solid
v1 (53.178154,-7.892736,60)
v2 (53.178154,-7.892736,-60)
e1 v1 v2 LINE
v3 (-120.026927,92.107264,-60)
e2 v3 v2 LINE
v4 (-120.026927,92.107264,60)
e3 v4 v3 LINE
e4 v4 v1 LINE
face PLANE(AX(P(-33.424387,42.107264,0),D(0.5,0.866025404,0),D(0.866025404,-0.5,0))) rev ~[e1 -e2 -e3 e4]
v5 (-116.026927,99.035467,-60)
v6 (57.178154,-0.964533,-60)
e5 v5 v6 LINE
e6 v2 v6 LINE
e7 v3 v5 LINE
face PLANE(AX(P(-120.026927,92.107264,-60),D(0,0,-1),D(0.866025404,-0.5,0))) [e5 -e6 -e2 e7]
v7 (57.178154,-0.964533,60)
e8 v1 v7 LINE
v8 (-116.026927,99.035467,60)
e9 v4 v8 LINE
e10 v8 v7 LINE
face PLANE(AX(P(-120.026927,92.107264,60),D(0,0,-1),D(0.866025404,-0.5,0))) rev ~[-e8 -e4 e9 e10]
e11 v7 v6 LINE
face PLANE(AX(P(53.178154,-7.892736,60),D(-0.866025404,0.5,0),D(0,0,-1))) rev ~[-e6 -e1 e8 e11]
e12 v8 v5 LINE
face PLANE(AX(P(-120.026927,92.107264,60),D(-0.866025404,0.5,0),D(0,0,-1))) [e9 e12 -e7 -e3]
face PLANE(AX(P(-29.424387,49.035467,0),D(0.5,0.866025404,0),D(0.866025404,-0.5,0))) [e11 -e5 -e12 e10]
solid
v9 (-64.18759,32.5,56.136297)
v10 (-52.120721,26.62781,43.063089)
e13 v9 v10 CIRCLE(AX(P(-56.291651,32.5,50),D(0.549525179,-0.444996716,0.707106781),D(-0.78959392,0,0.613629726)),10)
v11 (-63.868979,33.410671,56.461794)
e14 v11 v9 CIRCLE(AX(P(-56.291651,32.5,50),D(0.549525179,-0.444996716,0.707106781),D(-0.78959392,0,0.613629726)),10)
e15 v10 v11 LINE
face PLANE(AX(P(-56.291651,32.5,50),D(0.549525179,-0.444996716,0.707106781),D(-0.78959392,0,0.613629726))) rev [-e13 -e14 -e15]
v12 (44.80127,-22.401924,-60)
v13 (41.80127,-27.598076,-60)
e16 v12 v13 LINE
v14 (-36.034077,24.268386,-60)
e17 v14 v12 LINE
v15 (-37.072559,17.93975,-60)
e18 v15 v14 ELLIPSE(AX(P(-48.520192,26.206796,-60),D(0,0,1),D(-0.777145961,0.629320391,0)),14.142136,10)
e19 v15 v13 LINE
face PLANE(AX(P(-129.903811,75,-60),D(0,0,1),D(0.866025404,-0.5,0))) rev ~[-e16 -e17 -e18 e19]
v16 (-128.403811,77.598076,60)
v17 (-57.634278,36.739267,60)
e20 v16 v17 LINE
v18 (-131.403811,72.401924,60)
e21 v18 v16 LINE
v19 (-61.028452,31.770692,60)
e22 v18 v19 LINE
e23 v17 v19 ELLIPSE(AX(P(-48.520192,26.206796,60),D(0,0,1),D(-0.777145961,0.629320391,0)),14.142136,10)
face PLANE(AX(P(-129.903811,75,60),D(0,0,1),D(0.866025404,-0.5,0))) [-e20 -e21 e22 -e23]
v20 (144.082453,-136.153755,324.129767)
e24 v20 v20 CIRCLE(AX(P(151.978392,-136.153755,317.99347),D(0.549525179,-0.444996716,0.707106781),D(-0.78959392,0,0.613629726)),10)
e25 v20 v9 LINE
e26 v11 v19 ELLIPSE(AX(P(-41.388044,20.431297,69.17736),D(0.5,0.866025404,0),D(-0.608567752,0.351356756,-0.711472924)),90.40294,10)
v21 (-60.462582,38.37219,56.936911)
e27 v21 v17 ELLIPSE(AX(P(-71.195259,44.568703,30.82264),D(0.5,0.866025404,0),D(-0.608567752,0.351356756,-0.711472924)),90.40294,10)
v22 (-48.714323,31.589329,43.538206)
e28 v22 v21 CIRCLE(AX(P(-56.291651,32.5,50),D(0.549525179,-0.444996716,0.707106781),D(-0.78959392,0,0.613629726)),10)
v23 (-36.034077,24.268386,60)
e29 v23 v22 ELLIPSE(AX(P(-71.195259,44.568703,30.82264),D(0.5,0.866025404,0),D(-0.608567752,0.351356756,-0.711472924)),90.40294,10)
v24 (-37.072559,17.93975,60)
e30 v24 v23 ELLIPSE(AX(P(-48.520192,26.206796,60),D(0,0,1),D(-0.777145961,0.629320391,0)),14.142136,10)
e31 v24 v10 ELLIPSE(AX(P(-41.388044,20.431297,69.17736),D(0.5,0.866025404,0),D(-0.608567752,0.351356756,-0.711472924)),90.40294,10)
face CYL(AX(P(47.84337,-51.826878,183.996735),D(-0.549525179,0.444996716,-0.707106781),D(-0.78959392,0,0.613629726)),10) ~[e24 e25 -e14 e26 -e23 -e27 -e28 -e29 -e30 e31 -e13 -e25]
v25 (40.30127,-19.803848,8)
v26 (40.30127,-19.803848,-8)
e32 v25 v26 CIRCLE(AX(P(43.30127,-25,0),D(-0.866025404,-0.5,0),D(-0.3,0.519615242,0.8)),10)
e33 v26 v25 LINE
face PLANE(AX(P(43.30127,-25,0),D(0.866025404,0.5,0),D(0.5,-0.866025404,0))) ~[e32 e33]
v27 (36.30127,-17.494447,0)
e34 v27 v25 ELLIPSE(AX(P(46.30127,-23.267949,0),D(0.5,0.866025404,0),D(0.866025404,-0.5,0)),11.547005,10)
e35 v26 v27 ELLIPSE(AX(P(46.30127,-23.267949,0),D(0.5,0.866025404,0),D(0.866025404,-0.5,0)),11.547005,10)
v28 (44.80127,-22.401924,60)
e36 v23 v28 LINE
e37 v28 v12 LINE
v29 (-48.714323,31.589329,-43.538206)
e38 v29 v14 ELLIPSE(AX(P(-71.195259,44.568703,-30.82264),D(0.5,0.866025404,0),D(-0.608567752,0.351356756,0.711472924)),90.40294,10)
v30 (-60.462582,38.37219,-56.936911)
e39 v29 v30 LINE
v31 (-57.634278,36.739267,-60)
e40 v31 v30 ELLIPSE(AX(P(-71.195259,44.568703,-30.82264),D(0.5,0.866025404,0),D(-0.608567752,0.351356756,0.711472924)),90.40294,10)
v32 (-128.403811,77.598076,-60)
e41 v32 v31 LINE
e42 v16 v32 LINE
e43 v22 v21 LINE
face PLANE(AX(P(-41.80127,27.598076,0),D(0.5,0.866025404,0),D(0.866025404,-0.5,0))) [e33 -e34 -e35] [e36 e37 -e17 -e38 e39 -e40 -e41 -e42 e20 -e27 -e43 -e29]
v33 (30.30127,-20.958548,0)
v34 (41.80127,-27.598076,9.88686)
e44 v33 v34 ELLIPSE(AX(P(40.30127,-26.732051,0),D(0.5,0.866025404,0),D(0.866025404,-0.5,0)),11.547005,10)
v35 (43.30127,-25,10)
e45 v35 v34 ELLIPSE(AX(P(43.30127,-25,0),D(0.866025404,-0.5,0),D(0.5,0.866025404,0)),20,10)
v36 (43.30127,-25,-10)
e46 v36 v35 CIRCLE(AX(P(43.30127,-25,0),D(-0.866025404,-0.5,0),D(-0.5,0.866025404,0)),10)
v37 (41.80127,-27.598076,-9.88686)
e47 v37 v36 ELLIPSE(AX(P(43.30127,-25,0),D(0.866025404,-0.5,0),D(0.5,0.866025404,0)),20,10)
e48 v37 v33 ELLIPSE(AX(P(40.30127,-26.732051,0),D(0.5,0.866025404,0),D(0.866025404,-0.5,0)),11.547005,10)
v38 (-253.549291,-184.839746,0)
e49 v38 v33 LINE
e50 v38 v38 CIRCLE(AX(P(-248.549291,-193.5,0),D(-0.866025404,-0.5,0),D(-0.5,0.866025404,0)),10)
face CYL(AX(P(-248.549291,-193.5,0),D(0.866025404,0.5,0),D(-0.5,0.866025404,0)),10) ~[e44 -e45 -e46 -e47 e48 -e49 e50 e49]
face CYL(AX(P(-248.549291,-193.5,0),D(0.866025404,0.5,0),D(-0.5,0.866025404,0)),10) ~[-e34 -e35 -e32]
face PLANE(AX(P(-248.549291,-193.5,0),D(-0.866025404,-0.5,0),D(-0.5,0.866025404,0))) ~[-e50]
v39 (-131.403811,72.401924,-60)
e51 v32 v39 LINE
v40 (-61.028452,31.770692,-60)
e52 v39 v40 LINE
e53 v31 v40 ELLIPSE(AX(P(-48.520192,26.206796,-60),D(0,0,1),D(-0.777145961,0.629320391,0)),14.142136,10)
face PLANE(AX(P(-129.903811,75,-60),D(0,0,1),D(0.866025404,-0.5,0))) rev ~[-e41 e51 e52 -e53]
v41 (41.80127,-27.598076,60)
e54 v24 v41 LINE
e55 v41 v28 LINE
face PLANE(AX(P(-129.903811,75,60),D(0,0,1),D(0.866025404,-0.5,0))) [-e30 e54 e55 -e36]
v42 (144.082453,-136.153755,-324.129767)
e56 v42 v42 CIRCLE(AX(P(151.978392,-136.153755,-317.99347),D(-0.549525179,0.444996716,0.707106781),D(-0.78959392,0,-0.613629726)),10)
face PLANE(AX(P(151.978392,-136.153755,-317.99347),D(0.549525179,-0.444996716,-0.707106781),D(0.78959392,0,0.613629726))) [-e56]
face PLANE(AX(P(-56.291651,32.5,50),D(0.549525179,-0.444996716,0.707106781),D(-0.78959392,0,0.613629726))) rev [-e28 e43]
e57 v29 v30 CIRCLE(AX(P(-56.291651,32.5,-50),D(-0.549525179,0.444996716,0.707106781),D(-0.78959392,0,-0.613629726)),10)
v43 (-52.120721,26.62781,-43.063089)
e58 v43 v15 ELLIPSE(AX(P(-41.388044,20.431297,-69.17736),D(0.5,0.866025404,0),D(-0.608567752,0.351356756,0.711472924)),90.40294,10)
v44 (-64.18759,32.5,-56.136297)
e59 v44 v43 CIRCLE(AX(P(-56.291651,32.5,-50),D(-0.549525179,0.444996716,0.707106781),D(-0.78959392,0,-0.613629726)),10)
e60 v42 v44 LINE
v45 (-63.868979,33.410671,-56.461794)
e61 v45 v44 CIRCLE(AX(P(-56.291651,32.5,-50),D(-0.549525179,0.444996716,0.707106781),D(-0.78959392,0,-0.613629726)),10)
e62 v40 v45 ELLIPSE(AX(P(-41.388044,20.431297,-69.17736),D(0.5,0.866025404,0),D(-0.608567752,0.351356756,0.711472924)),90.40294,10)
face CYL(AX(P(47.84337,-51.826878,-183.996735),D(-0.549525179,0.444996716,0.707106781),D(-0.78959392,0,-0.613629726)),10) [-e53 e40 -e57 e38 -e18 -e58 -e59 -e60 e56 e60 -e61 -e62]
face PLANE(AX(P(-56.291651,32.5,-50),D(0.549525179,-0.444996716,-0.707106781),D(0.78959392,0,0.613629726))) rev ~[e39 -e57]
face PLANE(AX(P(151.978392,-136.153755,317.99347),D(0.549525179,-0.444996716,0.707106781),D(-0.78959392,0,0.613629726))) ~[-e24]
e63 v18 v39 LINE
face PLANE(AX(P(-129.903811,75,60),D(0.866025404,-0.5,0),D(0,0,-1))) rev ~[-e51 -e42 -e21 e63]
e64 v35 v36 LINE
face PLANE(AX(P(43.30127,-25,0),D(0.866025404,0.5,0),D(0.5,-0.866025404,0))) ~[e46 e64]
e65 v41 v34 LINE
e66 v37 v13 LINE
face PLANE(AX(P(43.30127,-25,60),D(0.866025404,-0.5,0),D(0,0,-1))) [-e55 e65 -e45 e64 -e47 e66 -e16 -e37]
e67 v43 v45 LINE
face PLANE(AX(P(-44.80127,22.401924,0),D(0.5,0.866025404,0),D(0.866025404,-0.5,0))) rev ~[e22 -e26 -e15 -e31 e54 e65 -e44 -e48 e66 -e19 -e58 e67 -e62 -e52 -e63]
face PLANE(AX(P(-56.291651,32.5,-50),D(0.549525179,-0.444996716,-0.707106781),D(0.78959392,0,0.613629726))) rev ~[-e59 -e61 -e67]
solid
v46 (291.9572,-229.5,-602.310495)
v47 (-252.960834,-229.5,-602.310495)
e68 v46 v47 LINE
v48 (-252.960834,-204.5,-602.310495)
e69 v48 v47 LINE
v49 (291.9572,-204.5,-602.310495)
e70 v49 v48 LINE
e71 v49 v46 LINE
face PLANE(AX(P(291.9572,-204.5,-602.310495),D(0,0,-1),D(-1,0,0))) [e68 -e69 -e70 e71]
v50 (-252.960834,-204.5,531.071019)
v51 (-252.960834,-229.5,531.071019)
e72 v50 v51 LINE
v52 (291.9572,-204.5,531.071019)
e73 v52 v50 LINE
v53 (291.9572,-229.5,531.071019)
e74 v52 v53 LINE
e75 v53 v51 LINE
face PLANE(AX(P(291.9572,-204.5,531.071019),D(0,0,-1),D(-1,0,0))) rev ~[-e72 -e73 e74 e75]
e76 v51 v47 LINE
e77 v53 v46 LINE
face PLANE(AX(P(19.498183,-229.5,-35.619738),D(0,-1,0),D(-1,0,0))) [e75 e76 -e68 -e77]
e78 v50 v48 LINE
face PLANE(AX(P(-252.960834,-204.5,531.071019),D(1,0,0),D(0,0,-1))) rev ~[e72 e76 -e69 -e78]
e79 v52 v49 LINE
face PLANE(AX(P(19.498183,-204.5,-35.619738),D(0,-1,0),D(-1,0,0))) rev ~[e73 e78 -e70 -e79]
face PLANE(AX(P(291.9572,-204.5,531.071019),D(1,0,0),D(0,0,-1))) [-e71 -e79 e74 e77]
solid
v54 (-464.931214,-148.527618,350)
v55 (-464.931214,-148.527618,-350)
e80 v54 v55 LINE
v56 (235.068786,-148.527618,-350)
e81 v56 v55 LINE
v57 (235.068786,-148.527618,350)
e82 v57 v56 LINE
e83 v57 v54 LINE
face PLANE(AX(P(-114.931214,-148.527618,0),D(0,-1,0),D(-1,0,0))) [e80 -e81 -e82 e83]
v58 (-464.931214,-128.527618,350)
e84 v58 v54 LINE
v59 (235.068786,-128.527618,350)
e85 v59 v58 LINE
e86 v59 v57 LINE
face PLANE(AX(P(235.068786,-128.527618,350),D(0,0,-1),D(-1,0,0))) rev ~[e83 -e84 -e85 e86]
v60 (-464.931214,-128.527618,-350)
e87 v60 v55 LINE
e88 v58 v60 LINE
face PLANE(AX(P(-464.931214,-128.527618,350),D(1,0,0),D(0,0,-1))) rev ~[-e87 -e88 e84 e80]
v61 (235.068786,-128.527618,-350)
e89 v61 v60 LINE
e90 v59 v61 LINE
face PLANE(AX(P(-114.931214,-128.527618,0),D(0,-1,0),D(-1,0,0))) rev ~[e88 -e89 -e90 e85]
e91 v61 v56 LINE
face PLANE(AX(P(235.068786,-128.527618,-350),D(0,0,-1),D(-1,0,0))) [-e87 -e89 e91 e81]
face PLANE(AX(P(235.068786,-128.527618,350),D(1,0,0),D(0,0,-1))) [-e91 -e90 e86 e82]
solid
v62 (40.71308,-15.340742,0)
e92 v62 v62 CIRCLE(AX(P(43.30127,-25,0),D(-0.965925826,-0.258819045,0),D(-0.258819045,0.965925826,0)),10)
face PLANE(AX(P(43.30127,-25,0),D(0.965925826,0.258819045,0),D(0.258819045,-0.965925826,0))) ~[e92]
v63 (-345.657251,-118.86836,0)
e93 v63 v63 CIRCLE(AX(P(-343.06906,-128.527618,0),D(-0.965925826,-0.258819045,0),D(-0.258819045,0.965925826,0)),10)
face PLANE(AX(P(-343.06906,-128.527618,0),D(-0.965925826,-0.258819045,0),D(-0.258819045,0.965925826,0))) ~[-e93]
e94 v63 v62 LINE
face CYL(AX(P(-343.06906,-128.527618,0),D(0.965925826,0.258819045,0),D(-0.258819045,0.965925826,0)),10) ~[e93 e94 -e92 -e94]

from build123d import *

# Parameters (mm, degrees)
SCHIZZO3_W                   = 200
SCHIZZO3_H                   = 120
ESTRUSIONE_ESTRUSIONE1_DEPTH = 3
SCHIZZO5_W                   = 700
SCHIZZO5_H                   = 700
ESTRUSIONE_ESTRUSIONE2_DEPTH = 20
SCHIZZO8_W                   = 379
SCHIZZO8_H                   = 10
SCHIZZO22_W                  = 544.918033461
SCHIZZO22_H                  = 1133.381514453
ESTRUSIONE_ESTRUSIONE3_DEPTH = 25
SCHIZZO24_W                  = 200
SCHIZZO24_H                  = 120
ESTRUSIONE_ESTRUSIONE4_DEPTH = 8


with BuildPart() as part:
    # Schizzo3 → Estrusione-Estrusione1 (new, symmetric)
    with BuildSketch(Plane(origin=(0, 0, 0), x_dir=(0.8660254037844421, -0.4999999999999939, 0), z_dir=(0.499999999999994, 0.8660254037844423, 0))):
        with Locations((-50, 0)):
            Rectangle(SCHIZZO3_W, SCHIZZO3_H)
    extrude(amount=ESTRUSIONE_ESTRUSIONE1_DEPTH, both=True)

    # Schizzo8 → Rivoluzione5 (revolve)
    with BuildSketch(Plane(origin=(4.874204469, -17.031133335, -14.506007809), x_dir=(-0.5495251793179629, 0.4449967160503128, -0.7071067811865462), z_dir=(-0.6293203910498404, -0.7771459614569687, 0)), mode=Mode.PRIVATE) as rivoluzione5_sk:
        with Locations((-179.459266043, -96.266005055)):
            Rectangle(SCHIZZO8_W, SCHIZZO8_H)
    rivoluzione5 = revolve(rivoluzione5_sk.sketch.rotate(Axis((-56.291651246, 32.5, 50), (0.5495251793179627, -0.44499671605031277, 0.7071067811865462)), 209.795615497), axis=Axis((-56.291651246, 32.5, 50), (0.5495251793179627, -0.44499671605031277, 0.7071067811865462)))

    # Specchia1: Rivoluzione5 across plane
    add(rivoluzione5.mirror(Plane.XY))

    # Schizzo17 → Rivoluzione4 (revolve)
    with BuildSketch(Plane.XY, mode=Mode.PRIVATE) as rivoluzione4_sk:
        Polygon((43.301270189, -25), (-248.549290886, -193.5), (-243.549290886, -202.160254038), (48.301270189, -33.660254038), align=None)
    revolve(rivoluzione4_sk.sketch.rotate(Axis((43.301270189, -25, 0), (-0.8660254037844356, -0.5000000000000054, 0)), 180), axis=Axis((43.301270189, -25, 0), (-0.8660254037844356, -0.5000000000000054, 0)))


with BuildPart() as body_2:
    # Schizzo5 → Estrusione-Estrusione2 (new body)
    with BuildSketch(Plane(origin=(0, -128.527618041, 0), x_dir=(-1, 0, 0), z_dir=(0, -1, 0))):
        with Locations((114.931214363, 0)):
            Rectangle(SCHIZZO5_W, SCHIZZO5_H)
    extrude(amount=ESTRUSIONE_ESTRUSIONE2_DEPTH)


with BuildPart() as body_3:
    # Schizzo1 → Rivoluzione1 (revolve)
    with BuildSketch(Plane.XY, mode=Mode.PRIVATE) as rivoluzione1_sk:
        Polygon((43.301270189, -25), (-343.069060326, -128.527618041), (-340.480869875, -138.186876304), (45.88946064, -34.659258263), align=None)
    revolve(rivoluzione1_sk.sketch.rotate(Axis((43.301270189, -25, 0), (-0.9659258262890681, -0.2588190451025217, 0)), 180), axis=Axis((43.301270189, -25, 0), (-0.9659258262890681, -0.2588190451025217, 0)))


with BuildPart() as body_4:
    # Schizzo22 → Estrusione-Estrusione3 (new body)
    with BuildSketch(Plane(origin=(0, -204.5, 0), x_dir=(-1, 0, 0), z_dir=(0, -1, 0))):
        with Locations((-19.498183113, 35.619737897)):
            Rectangle(SCHIZZO22_W, SCHIZZO22_H)
    extrude(amount=ESTRUSIONE_ESTRUSIONE3_DEPTH)


with BuildPart() as body_5:
    # Schizzo24 → Estrusione-Estrusione4 (new body)
    with BuildSketch(Plane(origin=(9.876883406, 17.10726388, 0), x_dir=(0.8660254037844421, -0.4999999999999939, 0), z_dir=(0.4999999999999939, 0.8660254037844421, 0))):
        with Locations((-50, 0)):
            Rectangle(SCHIZZO24_W, SCHIZZO24_H)
    extrude(amount=ESTRUSIONE_ESTRUSIONE4_DEPTH)


solid = Compound([part.part, body_2.part, body_3.part, body_4.part, body_5.part])
